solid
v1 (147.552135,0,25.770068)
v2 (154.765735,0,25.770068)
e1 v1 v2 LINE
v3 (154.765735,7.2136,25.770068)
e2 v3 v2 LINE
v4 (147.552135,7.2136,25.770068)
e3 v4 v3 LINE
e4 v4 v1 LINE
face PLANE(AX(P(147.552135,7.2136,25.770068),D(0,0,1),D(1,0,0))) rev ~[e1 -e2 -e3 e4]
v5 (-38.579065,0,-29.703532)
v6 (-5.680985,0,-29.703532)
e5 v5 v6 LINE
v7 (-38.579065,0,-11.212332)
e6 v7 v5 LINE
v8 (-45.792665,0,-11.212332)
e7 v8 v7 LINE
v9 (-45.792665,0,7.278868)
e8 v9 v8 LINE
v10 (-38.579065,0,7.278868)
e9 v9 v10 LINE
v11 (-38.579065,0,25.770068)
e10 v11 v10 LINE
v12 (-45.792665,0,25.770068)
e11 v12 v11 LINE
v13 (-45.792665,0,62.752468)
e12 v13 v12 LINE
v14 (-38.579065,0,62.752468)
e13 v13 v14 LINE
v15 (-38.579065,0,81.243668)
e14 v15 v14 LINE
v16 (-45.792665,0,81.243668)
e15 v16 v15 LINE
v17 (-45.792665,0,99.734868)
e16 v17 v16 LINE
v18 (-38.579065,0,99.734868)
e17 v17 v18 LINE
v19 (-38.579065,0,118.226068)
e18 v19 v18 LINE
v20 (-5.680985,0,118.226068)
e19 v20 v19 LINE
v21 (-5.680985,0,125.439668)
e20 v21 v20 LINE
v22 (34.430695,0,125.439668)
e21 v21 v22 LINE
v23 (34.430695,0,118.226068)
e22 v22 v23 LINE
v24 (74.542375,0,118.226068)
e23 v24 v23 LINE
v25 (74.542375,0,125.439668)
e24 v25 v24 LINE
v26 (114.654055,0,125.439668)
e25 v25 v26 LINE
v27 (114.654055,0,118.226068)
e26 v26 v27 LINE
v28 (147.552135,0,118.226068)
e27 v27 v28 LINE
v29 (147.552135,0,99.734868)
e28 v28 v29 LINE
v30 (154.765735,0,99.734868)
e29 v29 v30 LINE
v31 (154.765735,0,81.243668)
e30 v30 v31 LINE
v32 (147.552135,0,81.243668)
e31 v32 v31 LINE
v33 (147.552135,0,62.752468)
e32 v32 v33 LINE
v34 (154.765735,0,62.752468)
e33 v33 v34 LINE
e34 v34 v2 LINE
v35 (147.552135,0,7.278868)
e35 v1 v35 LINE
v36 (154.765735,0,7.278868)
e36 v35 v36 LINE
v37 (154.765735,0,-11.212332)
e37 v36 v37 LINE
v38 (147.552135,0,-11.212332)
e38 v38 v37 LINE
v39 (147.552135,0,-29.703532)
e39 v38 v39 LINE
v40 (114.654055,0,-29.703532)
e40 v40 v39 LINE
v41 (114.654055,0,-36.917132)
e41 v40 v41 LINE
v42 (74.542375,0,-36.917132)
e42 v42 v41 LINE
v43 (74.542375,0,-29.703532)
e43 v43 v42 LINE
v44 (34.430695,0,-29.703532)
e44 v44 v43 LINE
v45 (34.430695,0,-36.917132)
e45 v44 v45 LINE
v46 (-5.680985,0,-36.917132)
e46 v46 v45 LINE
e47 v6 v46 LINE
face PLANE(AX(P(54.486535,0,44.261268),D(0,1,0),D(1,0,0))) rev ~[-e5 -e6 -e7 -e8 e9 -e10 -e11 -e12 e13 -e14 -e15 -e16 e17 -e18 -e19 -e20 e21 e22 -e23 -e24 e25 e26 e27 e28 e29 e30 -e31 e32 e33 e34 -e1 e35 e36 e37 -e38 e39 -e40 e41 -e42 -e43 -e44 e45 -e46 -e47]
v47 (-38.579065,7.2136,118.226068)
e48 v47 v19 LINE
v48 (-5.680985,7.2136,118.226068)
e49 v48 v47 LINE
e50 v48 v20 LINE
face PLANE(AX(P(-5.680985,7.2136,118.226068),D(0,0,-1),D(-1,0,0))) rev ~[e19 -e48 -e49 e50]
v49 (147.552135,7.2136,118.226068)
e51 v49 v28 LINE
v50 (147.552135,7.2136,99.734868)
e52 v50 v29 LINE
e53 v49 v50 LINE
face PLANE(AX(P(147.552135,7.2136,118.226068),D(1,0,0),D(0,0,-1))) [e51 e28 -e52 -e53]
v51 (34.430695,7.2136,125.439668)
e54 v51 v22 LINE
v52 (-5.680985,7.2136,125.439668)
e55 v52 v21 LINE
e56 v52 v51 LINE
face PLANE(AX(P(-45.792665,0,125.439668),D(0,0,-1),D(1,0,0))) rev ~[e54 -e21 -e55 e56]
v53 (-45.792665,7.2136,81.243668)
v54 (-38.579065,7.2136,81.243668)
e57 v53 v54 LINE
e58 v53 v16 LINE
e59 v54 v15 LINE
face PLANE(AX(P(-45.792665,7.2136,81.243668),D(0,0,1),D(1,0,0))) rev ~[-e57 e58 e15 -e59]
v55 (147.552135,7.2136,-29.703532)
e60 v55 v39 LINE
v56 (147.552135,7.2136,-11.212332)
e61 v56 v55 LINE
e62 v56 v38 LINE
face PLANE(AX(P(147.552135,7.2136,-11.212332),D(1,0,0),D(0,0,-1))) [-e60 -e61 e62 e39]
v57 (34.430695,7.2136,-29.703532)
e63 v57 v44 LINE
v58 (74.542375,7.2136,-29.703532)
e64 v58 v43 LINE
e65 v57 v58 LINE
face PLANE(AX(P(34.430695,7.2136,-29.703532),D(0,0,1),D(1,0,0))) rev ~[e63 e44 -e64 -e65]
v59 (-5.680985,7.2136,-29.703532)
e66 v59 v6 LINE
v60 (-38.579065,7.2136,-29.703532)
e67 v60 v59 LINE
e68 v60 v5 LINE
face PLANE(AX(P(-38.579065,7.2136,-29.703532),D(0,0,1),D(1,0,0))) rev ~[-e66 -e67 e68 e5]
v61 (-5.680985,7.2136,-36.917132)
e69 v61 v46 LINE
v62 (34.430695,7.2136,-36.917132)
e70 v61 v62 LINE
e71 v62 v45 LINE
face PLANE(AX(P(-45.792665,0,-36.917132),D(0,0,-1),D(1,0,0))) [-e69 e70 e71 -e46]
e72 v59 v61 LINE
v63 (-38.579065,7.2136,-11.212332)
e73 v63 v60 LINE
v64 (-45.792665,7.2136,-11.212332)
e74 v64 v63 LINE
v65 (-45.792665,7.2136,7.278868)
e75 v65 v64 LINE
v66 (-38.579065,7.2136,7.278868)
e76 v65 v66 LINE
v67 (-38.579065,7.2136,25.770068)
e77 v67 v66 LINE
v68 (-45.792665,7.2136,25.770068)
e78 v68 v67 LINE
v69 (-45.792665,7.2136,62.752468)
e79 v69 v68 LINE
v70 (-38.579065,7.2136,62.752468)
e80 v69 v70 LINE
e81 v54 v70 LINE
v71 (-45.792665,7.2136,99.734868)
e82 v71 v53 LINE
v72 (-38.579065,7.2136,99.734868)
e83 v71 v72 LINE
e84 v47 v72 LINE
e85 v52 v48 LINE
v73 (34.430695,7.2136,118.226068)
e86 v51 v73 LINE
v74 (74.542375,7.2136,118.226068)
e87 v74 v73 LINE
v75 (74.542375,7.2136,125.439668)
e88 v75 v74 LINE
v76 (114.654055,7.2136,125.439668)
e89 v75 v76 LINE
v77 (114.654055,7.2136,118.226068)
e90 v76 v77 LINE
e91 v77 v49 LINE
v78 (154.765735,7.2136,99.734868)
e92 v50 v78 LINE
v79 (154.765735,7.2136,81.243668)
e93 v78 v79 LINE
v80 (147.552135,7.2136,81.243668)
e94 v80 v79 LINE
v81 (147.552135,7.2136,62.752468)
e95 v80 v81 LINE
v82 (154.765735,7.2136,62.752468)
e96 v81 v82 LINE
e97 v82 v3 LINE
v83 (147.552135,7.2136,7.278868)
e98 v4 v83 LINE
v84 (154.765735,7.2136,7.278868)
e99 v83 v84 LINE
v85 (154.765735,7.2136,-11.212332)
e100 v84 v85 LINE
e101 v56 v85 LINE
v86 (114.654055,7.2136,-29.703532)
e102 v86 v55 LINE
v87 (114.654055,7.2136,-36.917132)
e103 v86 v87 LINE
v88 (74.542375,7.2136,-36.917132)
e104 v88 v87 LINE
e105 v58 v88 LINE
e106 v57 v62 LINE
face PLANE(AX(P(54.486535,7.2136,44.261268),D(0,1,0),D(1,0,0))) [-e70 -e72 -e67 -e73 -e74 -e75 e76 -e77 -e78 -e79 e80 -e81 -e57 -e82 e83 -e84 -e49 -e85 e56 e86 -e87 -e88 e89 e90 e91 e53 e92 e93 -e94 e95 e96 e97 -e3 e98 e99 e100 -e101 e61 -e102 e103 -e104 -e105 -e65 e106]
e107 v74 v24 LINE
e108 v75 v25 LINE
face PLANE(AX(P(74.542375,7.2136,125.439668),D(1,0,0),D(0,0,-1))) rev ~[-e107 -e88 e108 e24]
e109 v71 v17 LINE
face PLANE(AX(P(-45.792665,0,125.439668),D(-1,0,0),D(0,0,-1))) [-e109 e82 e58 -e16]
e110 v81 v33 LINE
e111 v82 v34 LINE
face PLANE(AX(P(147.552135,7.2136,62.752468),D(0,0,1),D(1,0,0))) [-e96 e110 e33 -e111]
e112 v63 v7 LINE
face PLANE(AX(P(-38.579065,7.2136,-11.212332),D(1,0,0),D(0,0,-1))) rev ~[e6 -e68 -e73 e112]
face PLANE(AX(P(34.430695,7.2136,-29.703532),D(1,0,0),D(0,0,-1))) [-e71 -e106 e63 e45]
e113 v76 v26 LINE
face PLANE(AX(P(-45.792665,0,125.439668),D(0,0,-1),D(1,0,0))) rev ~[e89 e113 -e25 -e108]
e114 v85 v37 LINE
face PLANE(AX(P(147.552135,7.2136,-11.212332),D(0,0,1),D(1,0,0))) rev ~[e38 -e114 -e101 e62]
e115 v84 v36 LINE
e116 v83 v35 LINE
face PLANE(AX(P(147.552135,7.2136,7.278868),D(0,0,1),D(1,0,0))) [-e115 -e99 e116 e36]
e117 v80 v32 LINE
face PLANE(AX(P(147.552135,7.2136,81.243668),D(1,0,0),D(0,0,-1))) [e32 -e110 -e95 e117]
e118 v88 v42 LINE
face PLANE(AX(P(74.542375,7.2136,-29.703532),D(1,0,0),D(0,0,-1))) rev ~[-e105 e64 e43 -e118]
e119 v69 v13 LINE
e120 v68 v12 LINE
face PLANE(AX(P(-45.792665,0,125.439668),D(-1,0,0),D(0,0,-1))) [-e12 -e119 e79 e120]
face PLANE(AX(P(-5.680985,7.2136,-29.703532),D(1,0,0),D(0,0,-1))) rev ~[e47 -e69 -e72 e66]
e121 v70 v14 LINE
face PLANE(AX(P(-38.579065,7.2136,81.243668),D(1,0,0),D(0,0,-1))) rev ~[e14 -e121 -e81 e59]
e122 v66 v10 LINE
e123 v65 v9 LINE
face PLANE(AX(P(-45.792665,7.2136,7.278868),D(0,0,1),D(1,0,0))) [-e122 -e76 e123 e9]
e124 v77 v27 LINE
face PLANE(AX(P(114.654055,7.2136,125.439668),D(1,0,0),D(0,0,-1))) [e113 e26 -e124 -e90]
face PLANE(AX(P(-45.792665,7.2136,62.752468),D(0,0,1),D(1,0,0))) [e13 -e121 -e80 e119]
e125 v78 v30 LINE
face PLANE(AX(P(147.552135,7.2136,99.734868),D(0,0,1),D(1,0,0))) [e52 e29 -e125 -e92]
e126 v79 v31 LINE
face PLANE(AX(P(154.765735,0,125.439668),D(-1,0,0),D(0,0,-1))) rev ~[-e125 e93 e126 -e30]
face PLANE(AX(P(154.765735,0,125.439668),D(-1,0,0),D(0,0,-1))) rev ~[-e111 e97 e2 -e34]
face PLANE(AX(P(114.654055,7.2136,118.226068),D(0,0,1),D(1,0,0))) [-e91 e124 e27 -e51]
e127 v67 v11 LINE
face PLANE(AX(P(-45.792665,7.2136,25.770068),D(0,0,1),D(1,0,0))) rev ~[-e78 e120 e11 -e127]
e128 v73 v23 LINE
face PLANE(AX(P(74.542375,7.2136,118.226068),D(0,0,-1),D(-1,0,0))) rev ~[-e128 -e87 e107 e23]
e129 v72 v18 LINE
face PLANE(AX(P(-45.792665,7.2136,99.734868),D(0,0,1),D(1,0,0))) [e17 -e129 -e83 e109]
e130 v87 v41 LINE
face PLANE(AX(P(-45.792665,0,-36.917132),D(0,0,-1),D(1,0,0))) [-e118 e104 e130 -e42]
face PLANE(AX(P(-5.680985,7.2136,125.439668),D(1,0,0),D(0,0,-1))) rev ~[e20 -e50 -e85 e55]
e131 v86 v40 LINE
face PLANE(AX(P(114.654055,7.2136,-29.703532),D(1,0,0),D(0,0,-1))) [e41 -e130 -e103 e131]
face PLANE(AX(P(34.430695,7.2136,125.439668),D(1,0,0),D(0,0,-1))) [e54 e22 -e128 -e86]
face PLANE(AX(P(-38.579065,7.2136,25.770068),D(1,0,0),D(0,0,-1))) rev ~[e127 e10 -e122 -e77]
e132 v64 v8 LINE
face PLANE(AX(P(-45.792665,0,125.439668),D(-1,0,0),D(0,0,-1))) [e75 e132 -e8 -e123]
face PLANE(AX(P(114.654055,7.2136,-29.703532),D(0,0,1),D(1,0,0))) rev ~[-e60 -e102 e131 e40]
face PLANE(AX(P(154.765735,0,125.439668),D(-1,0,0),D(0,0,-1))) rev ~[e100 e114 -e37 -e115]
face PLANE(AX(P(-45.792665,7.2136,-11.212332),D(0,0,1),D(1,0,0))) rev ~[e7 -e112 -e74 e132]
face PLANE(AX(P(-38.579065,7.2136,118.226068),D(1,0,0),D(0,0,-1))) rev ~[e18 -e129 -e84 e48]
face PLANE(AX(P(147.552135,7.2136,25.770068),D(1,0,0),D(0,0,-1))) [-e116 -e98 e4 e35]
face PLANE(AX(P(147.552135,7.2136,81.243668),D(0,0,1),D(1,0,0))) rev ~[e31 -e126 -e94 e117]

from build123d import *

# Parameters (mm, degrees)
SKETCH1_W           = 200.5584
SKETCH1_H           = 162.3568
BOSS_EXTRUDE1_DEPTH = 7.2136
SKETCH2_W           = 7.2136
SKETCH2_H           = 18.4912
SKETCH2_W_2         = 20.05584
SKETCH2_H_2         = 7.2136
SKETCH2_W_3         = 40.11168
CUT_EXTRUDE1_DEPTH  = 200.347884659


with BuildPart() as part:
    # Sketch1 → Boss-Extrude1 (new body)
    with BuildSketch(Plane(origin=(0, 0, 0), x_dir=(1, 0, 0), z_dir=(0, 1, 0))):
        with Locations((54.486535415, -44.261267707)):
            Rectangle(SKETCH1_W, SKETCH1_H)
    extrude(amount=BOSS_EXTRUDE1_DEPTH)

    # Sketch2 → Cut-Extrude1 (cut, through all)
    with BuildSketch(Plane(origin=(0, 7.2136, 0), x_dir=(1, 0, 0), z_dir=(0, 1, 0))):
        with Locations((-42.185864585, -71.998067707)):
            Rectangle(SKETCH2_W, SKETCH2_H)
        with Locations((-42.185864585, -108.980467707)):
            Rectangle(SKETCH2_W, SKETCH2_H)
        Polygon((-45.792664585, -125.439667707), (-5.680984585, -125.439667707), (-5.680984585, -118.226067707), (-38.579064585, -118.226067707), (-45.792664585, -118.226067707), align=None)
        with Locations((64.514455415, -121.832867707)):
            Rectangle(SKETCH2_W_2, SKETCH2_H_2)
        with Locations((44.458615415, -121.832867707)):
            Rectangle(SKETCH2_W_2, SKETCH2_H_2)
        with Locations((134.709895415, -121.832867707)):
            Rectangle(SKETCH2_W_3, SKETCH2_H_2)
        with Locations((151.158935415, -108.980467707)):
            Rectangle(SKETCH2_W, SKETCH2_H)
        with Locations((151.158935415, -71.998067707)):
            Rectangle(SKETCH2_W, SKETCH2_H)
        with Locations((151.158935415, -16.524467707)):
            Rectangle(SKETCH2_W, SKETCH2_H)
        with Locations((151.158935415, 20.457932293)):
            Rectangle(SKETCH2_W, SKETCH2_H)
        with Locations((134.709895415, 33.310332293)):
            Rectangle(SKETCH2_W_3, SKETCH2_H_2)
        with Locations((54.486535415, 33.310332293)):
            Rectangle(SKETCH2_W_3, SKETCH2_H_2)
        with Locations((-42.185864585, -16.524467707)):
            Rectangle(SKETCH2_W, SKETCH2_H)
        with Locations((-42.185864585, 20.457932293)):
            Rectangle(SKETCH2_W, SKETCH2_H)
        with Locations((-25.736824585, 33.310332293)):
            Rectangle(SKETCH2_W_3, SKETCH2_H_2)
    extrude(amount=-CUT_EXTRUDE1_DEPTH, mode=Mode.SUBTRACT)


solid = part.part
